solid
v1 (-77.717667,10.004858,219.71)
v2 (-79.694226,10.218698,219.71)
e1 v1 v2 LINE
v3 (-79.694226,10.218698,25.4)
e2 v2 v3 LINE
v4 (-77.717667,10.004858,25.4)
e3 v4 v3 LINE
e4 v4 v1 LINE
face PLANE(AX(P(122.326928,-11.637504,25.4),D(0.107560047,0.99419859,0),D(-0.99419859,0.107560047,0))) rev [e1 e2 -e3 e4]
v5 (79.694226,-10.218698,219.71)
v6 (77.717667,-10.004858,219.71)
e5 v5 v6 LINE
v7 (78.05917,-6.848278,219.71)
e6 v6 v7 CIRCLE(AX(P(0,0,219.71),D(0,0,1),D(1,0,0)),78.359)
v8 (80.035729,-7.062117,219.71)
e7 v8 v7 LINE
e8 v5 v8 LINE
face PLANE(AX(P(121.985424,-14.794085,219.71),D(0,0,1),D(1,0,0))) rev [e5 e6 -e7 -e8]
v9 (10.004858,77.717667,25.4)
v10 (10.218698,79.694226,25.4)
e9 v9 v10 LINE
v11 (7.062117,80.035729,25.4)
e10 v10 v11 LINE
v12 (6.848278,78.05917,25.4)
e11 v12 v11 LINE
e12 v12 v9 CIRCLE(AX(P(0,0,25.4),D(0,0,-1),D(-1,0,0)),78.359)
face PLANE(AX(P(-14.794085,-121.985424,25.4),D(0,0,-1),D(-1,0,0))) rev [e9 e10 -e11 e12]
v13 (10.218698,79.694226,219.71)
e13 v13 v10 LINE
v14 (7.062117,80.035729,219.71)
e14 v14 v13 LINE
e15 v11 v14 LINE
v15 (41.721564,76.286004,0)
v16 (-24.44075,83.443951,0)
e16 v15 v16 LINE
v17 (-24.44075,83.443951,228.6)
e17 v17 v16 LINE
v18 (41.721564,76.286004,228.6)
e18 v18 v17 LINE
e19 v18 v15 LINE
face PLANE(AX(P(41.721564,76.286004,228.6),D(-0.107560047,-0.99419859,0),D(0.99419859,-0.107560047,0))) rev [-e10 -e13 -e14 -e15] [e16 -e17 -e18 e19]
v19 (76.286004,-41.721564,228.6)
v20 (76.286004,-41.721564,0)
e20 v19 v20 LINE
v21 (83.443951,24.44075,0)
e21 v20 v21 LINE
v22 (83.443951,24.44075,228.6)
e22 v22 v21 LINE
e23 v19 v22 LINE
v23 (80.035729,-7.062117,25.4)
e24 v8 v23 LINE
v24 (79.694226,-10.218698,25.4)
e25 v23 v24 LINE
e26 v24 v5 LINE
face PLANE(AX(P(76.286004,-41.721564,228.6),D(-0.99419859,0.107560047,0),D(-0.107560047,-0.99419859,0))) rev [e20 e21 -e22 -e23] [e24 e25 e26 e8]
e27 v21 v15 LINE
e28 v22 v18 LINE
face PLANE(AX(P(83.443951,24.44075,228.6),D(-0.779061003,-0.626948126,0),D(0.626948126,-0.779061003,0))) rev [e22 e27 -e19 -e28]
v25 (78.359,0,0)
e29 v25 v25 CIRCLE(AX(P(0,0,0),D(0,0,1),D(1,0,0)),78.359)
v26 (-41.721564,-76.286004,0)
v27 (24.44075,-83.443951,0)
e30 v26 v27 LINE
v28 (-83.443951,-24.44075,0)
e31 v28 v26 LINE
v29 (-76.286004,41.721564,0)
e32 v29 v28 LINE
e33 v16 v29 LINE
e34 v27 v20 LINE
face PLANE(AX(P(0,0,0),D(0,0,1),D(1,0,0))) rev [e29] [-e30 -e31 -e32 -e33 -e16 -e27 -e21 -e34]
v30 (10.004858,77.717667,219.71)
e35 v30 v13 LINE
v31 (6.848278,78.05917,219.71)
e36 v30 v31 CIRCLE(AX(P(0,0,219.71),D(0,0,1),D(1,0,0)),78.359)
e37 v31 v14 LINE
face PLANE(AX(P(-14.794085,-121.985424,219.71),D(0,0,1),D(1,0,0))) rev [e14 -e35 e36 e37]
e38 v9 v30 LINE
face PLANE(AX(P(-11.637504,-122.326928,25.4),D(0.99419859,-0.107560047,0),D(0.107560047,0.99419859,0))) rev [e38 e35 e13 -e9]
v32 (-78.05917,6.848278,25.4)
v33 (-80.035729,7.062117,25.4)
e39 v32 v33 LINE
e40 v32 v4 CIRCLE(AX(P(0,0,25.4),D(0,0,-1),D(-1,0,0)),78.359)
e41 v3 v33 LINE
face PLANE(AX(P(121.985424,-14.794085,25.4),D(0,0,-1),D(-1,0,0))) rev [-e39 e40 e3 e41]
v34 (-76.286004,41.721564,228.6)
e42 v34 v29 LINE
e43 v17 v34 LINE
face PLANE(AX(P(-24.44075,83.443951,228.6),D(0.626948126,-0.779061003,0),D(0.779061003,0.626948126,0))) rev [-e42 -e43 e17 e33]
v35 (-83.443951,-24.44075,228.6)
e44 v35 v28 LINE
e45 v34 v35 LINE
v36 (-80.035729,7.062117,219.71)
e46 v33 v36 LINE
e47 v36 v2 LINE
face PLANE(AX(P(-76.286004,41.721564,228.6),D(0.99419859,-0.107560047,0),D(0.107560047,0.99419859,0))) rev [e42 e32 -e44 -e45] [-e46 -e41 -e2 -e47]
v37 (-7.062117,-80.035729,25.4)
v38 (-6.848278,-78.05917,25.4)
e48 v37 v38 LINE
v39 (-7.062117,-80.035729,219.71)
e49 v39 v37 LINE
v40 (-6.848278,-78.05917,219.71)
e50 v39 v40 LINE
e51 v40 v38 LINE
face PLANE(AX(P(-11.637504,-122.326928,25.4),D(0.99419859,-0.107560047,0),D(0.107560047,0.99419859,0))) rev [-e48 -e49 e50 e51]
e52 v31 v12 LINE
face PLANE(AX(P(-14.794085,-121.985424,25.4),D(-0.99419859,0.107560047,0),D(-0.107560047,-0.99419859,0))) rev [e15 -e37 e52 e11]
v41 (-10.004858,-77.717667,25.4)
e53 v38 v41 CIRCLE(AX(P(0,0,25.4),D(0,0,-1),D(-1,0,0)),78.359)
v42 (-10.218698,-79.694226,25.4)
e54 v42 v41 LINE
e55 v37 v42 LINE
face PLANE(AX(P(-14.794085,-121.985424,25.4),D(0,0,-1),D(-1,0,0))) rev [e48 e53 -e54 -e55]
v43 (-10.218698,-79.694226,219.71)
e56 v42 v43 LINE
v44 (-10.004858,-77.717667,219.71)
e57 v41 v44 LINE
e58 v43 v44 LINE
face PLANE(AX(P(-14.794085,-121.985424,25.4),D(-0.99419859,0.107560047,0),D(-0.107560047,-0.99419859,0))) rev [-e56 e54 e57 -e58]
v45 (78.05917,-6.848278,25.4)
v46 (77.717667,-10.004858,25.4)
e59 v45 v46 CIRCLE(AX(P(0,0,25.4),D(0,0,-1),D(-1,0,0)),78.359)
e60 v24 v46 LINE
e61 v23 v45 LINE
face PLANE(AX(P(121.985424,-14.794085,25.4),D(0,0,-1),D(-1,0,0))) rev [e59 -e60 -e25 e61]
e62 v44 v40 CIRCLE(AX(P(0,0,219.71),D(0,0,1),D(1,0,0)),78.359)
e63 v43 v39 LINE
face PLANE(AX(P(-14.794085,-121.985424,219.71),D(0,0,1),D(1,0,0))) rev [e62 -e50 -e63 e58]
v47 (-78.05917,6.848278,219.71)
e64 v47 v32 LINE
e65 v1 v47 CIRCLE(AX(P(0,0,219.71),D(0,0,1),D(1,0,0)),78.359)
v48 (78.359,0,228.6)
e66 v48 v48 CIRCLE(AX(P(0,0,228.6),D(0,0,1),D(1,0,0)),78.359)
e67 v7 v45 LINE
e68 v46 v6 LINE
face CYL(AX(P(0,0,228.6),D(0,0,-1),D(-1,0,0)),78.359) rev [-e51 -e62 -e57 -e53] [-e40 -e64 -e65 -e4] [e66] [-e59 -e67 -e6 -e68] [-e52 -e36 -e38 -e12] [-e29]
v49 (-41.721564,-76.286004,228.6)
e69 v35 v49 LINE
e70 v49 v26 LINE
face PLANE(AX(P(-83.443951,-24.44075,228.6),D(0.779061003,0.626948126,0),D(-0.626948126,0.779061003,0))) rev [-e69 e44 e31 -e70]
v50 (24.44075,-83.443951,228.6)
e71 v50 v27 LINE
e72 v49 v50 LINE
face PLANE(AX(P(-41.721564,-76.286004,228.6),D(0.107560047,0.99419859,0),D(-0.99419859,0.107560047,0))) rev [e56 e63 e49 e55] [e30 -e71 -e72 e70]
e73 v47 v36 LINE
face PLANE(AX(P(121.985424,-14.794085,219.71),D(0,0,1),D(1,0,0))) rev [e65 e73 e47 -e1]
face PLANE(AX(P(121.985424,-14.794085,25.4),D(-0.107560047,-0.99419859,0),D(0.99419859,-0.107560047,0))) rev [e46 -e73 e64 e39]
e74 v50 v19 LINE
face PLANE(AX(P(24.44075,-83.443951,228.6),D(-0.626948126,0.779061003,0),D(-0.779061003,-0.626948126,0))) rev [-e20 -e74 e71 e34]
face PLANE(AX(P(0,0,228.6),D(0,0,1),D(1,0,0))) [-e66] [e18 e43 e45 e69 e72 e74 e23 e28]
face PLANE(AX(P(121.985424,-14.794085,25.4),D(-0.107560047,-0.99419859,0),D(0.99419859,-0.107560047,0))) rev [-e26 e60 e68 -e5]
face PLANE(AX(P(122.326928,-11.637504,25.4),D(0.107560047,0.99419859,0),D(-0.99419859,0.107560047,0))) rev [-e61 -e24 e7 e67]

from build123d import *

# Parameters (mm, degrees)
SKETCH1_R           = 78.359
BOSS_EXTRUDE1_DEPTH = 228.6
SKETCH2_W           = 3.175
SKETCH2_H           = 194.31
CUT_EXTRUDE1_DEPTH  = 203.2
SKETCH5_W           = 194.31
SKETCH5_H           = 3.175
CUT_EXTRUDE2_DEPTH  = 203.2


with BuildPart() as part:
    # Sketch1 → Boss-Extrude1 (new body)
    with BuildSketch(Plane.XY):
        Polygon((76.286003624, -41.721564111), (83.443951376, 24.440749568), (41.721564111, 76.286003624), (-24.440749568, 83.443951376), (-76.286003624, 41.721564111), (-83.443951376, -24.440749568), (-41.721564111, -76.286003624), (24.440749568, -83.443951376), align=None)
        Circle(SKETCH1_R, mode=Mode.SUBTRACT)
    extrude(amount=BOSS_EXTRUDE1_DEPTH)

    # Sketch2 → Cut-Extrude1 (cut)
    with BuildSketch(Plane(origin=(8.640407271, 79.8649775, 0), x_dir=(0.99419859, -0.107560047, 0), z_dir=(0.107560047, 0.99419859, 0))):
        with Locations((0, -122.555)):
            Rectangle(SKETCH2_W, SKETCH2_H)
    extrude(amount=-CUT_EXTRUDE1_DEPTH, mode=Mode.SUBTRACT)

    # Sketch5 → Cut-Extrude2 (cut)
    with BuildSketch(Plane(origin=(-79.8649775, 8.640407271, 0), x_dir=(0, 0, 1), z_dir=(-0.99419859, 0.107560047, 0))):
        with Locations((122.555, 0)):
            Rectangle(SKETCH5_W, SKETCH5_H)
    extrude(amount=-CUT_EXTRUDE2_DEPTH, mode=Mode.SUBTRACT)


solid = part.part
